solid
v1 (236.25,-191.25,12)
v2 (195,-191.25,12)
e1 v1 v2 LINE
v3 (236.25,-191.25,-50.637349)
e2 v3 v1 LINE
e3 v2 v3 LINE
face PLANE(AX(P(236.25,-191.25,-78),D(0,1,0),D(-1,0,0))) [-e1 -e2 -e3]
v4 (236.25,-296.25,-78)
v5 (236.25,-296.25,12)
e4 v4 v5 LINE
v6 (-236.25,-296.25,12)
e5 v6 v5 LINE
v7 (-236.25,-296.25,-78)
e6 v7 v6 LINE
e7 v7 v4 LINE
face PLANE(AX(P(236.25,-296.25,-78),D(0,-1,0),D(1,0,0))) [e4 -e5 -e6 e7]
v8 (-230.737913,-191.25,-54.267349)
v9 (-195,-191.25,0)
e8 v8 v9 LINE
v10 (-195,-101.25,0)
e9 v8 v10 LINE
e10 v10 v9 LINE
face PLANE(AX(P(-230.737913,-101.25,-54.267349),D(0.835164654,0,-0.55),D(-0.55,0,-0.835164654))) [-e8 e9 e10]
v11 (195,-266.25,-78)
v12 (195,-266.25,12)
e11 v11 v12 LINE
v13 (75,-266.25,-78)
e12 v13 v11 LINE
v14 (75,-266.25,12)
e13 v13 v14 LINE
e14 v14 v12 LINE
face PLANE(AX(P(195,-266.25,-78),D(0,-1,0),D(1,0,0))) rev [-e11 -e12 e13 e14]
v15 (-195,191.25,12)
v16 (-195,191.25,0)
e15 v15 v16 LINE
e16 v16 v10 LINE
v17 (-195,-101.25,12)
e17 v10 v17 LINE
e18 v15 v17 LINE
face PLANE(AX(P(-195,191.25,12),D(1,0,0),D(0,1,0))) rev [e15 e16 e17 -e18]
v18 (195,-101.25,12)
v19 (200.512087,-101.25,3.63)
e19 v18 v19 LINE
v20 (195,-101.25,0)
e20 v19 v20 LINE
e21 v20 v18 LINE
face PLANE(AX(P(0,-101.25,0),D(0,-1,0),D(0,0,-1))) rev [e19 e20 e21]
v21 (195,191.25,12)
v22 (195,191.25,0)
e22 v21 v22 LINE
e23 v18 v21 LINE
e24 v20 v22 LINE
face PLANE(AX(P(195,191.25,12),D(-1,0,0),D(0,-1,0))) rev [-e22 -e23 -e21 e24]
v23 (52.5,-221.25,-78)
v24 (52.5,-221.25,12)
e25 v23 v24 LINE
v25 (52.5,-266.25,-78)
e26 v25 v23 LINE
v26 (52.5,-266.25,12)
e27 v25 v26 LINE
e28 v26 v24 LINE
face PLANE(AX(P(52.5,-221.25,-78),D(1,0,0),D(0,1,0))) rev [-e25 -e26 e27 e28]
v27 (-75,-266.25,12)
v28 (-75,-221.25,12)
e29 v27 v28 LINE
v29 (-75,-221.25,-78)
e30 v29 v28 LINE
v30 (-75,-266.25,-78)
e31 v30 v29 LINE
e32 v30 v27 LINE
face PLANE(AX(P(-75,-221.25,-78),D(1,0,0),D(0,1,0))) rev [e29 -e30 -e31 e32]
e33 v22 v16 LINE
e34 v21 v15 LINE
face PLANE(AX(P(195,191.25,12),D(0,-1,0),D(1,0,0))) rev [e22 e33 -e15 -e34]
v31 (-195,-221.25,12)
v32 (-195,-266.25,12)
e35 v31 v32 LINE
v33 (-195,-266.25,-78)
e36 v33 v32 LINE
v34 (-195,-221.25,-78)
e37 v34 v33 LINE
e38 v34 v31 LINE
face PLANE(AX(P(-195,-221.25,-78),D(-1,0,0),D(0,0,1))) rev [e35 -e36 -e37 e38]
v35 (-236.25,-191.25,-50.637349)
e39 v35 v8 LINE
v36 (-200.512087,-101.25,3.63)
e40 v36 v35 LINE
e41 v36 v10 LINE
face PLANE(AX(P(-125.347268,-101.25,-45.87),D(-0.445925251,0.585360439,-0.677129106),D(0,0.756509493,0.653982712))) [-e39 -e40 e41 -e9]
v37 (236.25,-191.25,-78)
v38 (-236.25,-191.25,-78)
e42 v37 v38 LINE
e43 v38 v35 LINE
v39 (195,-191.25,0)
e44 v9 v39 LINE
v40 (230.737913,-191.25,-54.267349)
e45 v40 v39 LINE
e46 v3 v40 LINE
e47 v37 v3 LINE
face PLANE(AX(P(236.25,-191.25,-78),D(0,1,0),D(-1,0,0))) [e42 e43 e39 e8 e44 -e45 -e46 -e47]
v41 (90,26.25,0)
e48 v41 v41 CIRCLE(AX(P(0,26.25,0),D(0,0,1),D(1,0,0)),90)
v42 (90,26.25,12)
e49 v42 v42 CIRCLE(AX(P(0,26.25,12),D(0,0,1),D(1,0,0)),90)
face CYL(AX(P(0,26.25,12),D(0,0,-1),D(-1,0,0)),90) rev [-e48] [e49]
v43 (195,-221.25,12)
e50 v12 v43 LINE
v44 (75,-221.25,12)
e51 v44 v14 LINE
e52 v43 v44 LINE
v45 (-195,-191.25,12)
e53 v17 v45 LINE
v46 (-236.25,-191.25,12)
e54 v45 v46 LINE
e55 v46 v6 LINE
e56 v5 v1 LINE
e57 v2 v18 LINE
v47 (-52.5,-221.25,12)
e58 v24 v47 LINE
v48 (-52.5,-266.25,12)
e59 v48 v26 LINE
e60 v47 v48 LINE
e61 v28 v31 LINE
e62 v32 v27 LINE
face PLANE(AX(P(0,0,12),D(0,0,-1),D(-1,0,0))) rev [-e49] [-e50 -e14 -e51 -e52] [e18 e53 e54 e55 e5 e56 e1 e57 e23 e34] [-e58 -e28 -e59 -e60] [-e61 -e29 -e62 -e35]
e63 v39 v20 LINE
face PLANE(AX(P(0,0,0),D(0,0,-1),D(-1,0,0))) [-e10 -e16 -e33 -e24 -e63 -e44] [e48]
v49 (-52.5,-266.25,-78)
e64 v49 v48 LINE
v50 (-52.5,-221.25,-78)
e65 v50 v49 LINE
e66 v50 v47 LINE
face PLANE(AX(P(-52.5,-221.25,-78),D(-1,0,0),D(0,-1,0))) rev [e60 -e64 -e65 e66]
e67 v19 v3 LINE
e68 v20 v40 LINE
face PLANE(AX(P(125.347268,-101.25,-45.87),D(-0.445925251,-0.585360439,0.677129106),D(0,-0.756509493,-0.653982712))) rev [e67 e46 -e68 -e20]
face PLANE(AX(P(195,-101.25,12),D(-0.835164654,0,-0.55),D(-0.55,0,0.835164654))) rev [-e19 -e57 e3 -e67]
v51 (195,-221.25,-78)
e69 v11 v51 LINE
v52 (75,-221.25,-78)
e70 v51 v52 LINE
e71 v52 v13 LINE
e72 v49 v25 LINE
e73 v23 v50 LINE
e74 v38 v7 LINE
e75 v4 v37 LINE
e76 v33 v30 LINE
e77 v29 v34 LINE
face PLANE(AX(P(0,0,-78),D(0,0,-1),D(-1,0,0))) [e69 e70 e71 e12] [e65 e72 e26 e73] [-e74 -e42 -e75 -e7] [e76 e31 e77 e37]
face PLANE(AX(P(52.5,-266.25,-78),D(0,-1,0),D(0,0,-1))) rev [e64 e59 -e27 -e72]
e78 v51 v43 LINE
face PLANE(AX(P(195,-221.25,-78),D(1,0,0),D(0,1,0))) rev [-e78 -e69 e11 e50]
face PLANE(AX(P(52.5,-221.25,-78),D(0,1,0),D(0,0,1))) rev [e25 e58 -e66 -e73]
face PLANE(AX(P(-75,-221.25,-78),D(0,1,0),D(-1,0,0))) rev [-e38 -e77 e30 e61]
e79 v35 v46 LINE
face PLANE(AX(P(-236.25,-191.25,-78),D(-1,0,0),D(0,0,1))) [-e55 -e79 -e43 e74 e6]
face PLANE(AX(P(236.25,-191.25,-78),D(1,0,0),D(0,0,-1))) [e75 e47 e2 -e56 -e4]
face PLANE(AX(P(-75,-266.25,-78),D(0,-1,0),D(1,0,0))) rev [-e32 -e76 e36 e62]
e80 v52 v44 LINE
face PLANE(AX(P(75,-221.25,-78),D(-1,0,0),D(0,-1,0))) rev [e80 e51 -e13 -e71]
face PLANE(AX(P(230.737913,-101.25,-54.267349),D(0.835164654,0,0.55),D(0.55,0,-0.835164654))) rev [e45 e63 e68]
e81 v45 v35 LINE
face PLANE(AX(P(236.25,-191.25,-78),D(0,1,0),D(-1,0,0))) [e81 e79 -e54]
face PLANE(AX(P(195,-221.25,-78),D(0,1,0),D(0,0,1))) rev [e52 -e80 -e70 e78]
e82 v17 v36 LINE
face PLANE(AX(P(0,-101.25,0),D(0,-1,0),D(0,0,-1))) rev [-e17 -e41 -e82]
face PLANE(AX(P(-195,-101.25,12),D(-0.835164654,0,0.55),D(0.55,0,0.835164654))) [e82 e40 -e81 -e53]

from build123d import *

# Parameters (mm, degrees)
SKETCH1_W           = 390
SKETCH1_H           = 382.5
SKETCH1_R           = 90
BOSS_EXTRUDE1_DEPTH = 12
SKETCH2_W           = 472.5
SKETCH2_H           = 105
SKETCH2_W_2         = 120
SKETCH2_H_2         = 45
SKETCH2_W_3         = 105
BOSS_EXTRUDE2_DEPTH = 90
BOSS_EXTRUDE3_DEPTH = 90
CUT_EXTRUDE1_DEPTH  = 90


with BuildPart() as part:
    # Sketch1 → Boss-Extrude1 (new body)
    with BuildSketch(Plane.XY):
        Rectangle(SKETCH1_W, SKETCH1_H)
        with Locations((0, 26.25)):
            Circle(SKETCH1_R, mode=Mode.SUBTRACT)
    extrude(amount=BOSS_EXTRUDE1_DEPTH)

    # Sketch2 → Boss-Extrude2 (add)
    with BuildSketch(Plane.XY.offset(12)):
        with Locations((0, -243.75)):
            Rectangle(SKETCH2_W, SKETCH2_H)
        with Locations((135, -243.75)):
            Rectangle(SKETCH2_W_2, SKETCH2_H_2, mode=Mode.SUBTRACT)
        with Locations((0, -243.75)):
            Rectangle(SKETCH2_W_3, SKETCH2_H_2, mode=Mode.SUBTRACT)
        with Locations((-135, -243.75)):
            Rectangle(SKETCH2_W_2, SKETCH2_H_2, mode=Mode.SUBTRACT)
    extrude(amount=-BOSS_EXTRUDE2_DEPTH)

    # Sketch3 → Boss-Extrude3 (add)
    with BuildSketch(Plane(origin=(0, -191.25, 0), x_dir=(1, 0, 0), z_dir=(0, 1, 0))):
        Polygon((195, -12), (236.25, 50.637349082), (230.737913281, 54.267349082), (195, 0), align=None)
    boss_extrude3 = extrude(amount=BOSS_EXTRUDE3_DEPTH)

    # Sketch4 → Cut-Extrude1 (cut)
    with BuildSketch(Plane(origin=(141.524586719, 0, 93.201409187), x_dir=(0.5500000000000003, 0, -0.8351646544245032), z_dir=(0.8351646544245033, 0, 0.5500000000000003))):
        Polygon((172.228024147, -101.25), (107.25, -101.25), (172.228024147, -191.25), align=None)
    cut_extrude1 = extrude(amount=-CUT_EXTRUDE1_DEPTH, mode=Mode.SUBTRACT)

    # Mirror1: Boss-Extrude3, Cut-Extrude1 across plane
    add(boss_extrude3.mirror(Plane(origin=(0, 0, 0), x_dir=(0, 0, 1), z_dir=(1, 0, 0))))
    add(cut_extrude1.mirror(Plane(origin=(0, 0, 0), x_dir=(0, 0, 1), z_dir=(1, 0, 0))), mode=Mode.SUBTRACT)


solid = part.part
